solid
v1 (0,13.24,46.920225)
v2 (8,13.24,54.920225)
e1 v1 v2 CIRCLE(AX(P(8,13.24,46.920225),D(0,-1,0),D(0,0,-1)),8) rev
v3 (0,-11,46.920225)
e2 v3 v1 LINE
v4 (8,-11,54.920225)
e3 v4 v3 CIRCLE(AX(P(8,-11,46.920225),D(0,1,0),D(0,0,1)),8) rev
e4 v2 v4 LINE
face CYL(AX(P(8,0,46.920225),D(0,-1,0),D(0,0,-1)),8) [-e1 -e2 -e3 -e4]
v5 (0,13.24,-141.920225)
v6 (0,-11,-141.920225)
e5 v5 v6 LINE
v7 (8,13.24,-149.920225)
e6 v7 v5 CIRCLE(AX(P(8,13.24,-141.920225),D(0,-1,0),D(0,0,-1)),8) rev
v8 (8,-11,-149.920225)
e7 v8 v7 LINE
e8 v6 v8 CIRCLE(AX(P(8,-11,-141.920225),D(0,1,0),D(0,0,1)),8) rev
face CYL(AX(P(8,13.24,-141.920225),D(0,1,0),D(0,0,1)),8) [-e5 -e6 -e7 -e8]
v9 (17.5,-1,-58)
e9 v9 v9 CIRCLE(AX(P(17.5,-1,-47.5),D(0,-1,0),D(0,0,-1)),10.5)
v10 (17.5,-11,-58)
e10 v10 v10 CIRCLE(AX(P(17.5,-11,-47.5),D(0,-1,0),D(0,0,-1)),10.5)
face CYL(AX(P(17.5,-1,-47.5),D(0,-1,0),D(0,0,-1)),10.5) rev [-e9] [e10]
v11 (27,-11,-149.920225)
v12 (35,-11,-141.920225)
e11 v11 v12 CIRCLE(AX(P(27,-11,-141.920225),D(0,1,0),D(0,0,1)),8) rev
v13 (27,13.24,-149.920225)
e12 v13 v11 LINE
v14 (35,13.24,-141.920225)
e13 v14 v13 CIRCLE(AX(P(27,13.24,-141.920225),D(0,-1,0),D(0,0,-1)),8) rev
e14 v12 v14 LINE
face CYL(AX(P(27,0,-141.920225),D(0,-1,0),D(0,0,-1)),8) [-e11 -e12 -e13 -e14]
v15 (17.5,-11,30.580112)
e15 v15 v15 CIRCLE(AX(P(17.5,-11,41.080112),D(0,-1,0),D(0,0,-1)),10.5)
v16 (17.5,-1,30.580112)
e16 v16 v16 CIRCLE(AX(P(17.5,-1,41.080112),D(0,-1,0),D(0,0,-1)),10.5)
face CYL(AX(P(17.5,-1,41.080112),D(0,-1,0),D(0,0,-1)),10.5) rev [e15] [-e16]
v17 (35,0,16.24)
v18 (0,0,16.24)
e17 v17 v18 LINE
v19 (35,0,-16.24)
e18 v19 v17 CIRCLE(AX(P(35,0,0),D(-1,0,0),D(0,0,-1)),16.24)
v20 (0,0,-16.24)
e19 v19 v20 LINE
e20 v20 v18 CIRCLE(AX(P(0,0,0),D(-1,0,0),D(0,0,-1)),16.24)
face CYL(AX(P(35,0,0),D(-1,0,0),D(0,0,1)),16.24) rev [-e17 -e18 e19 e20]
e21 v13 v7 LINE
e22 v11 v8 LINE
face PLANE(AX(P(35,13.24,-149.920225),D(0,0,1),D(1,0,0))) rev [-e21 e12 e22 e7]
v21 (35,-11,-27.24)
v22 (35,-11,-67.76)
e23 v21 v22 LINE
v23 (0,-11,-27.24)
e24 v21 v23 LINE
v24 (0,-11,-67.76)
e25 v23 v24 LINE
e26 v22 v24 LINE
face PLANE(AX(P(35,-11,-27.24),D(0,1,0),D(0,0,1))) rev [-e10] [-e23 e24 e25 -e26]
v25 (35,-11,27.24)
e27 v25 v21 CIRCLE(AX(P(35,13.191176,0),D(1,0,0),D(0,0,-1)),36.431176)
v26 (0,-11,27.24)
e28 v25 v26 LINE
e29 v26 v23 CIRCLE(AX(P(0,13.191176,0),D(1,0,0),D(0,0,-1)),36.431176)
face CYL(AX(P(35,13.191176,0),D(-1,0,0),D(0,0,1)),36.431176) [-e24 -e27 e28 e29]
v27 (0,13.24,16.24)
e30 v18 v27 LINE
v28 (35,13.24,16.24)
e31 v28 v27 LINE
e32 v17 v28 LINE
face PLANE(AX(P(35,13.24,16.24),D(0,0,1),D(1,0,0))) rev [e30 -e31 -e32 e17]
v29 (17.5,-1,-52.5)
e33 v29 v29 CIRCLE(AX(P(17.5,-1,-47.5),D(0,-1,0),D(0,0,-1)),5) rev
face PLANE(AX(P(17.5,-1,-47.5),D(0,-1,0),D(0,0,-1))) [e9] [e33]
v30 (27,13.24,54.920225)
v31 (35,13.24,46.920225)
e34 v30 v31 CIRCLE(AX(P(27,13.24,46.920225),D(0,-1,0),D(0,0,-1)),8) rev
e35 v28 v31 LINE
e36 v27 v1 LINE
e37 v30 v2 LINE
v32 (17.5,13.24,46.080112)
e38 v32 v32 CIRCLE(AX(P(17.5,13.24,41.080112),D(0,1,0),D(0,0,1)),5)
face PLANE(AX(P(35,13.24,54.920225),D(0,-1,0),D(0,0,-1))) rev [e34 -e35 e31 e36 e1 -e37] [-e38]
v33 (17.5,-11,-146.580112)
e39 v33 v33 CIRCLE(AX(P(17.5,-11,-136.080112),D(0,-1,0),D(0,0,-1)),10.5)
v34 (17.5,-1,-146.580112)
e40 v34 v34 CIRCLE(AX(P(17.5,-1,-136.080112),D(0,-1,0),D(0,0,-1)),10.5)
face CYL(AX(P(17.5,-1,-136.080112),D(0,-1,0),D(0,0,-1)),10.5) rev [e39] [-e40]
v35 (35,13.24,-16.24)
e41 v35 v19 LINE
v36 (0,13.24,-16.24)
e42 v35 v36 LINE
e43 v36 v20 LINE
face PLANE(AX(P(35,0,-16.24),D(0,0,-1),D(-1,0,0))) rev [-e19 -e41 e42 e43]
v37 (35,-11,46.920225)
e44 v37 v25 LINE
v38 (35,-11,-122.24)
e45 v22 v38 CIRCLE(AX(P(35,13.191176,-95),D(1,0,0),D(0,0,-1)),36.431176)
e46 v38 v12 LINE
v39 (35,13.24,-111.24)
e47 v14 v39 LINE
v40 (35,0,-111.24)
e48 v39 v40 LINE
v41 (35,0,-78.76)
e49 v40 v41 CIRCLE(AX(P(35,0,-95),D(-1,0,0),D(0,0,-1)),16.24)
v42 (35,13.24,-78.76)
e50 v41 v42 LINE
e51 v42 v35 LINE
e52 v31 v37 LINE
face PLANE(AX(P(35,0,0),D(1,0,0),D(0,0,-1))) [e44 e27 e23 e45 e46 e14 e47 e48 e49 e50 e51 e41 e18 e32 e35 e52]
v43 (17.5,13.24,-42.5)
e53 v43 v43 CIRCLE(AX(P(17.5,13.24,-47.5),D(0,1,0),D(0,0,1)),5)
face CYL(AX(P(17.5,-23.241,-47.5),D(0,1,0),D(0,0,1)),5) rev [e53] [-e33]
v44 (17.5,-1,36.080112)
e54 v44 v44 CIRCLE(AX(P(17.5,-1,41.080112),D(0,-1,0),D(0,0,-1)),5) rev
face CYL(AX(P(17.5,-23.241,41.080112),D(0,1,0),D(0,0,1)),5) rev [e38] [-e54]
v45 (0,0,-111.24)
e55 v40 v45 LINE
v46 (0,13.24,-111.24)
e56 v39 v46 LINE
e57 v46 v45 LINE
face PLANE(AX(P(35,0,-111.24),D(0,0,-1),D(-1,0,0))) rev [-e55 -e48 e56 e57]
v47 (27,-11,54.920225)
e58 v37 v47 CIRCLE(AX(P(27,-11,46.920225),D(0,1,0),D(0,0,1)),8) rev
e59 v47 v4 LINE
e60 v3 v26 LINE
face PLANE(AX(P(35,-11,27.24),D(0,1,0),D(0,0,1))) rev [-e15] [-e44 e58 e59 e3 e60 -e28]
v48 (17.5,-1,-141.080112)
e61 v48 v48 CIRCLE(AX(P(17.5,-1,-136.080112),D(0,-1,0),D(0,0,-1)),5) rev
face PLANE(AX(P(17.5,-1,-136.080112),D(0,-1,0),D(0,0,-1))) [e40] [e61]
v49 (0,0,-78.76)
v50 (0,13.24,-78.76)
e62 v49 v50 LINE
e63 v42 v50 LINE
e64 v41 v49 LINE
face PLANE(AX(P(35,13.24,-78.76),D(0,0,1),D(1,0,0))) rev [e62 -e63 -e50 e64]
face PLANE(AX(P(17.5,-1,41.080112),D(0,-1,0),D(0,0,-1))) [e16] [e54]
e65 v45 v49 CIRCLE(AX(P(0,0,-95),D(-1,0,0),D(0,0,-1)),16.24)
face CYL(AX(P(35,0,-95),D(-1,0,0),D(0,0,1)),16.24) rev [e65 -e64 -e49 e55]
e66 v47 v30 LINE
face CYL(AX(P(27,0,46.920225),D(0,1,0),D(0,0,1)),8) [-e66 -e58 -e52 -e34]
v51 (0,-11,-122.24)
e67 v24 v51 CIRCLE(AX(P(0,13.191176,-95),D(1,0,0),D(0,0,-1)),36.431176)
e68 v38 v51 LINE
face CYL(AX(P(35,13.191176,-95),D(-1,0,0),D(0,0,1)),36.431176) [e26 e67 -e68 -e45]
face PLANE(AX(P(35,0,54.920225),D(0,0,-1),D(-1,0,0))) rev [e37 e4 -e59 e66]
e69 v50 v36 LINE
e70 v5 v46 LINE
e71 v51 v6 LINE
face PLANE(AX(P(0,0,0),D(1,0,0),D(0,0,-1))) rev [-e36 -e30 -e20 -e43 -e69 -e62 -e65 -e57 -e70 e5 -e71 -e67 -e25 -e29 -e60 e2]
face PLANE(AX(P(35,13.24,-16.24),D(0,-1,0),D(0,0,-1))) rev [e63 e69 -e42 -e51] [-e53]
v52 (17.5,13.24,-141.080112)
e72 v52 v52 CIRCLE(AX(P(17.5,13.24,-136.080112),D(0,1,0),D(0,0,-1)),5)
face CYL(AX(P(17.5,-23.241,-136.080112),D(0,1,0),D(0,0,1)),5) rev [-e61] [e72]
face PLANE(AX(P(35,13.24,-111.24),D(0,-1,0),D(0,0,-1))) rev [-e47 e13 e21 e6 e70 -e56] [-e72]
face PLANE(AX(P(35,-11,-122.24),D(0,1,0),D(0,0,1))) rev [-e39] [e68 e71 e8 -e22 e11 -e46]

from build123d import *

# Parameters (mm, degrees)
BOSS_EXTRUDE1_DEPTH = 35
CUT_EXTRUDE1_REACH  = 160.215
SKETCH3_R           = 5
SKETCH4_R           = 10.5
CUT_EXTRUDE2_DEPTH  = 10
FILLET1_R           = 8


with BuildPart() as part:
    # Sketch2 → Boss-Extrude1 (new body)
    with BuildSketch(Plane(origin=(0, 0, 0), x_dir=(0, 0, -1), z_dir=(1, 0, 0))):
        with BuildLine():
            Line((-27.24, -11), (-54.920224718, -11))
            Line((-54.920224718, -11), (-54.920224718, 0))
            Line((-54.920224718, 0), (-54.920224718, 13.24))
            Line((-54.920224718, 13.24), (-16.24, 13.24))
            Line((-16.24, 13.24), (-16.24, 0))
            ThreePointArc((-16.24, 0), (0, -16.24), (16.24, 0))
            Line((16.24, 0), (16.24, 13.24))
            Line((16.24, 13.24), (78.76, 13.24))
            Line((78.76, 13.24), (78.76, 0))
            ThreePointArc((78.76, 0), (95, -16.24), (111.24, 0))
            Line((111.24, 0), (111.24, 13.24))
            Line((111.24, 13.24), (149.920224718, 13.24))
            Line((149.920224718, 13.24), (149.920224718, 0))
            Line((149.920224718, 0), (149.920224718, -11))
            Line((149.920224718, -11), (122.24, -11))
            ThreePointArc((122.24, -11), (95, -23.24), (67.76, -11))
            Line((67.76, -11), (27.24, -11))
            ThreePointArc((27.24, -11), (0, -23.24), (-27.24, -11))
        make_face()
    extrude(amount=BOSS_EXTRUDE1_DEPTH)

    # Sketch3 → Cut-Extrude1 (cut, up to next)
    with BuildSketch(Plane(origin=(0, 13.24, 0), x_dir=(1, 0, 0), z_dir=(0, 1, 0)), mode=Mode.PRIVATE) as cut_extrude1_sk1:
        with Locations(Location((17.5, -41.080112359, 0), (0, 0, 270))):
            Circle(SKETCH3_R)
    cut_extrude1_tool1 = extrude(cut_extrude1_sk1.sketch, amount=-CUT_EXTRUDE1_REACH, mode=Mode.PRIVATE) & part.part
    # Sketch3 → Cut-Extrude1 (cut, up to next)
    with BuildSketch(Plane(origin=(0, 13.24, 0), x_dir=(1, 0, 0), z_dir=(0, 1, 0)), mode=Mode.PRIVATE) as cut_extrude1_sk2:
        with Locations(Location((17.5, 136.080112359, 0), (0, 0, 270))):
            Circle(SKETCH3_R)
    cut_extrude1_tool2 = extrude(cut_extrude1_sk2.sketch, amount=-CUT_EXTRUDE1_REACH, mode=Mode.PRIVATE) & part.part
    # Sketch3 → Cut-Extrude1 (cut, up to next)
    with BuildSketch(Plane(origin=(0, 13.24, 0), x_dir=(1, 0, 0), z_dir=(0, 1, 0)), mode=Mode.PRIVATE) as cut_extrude1_sk3:
        with Locations(Location((17.5, 47.5, 0), (0, 0, 270))):
            Circle(SKETCH3_R)
    cut_extrude1_tool3 = extrude(cut_extrude1_sk3.sketch, amount=-CUT_EXTRUDE1_REACH, mode=Mode.PRIVATE) & part.part
    add(cut_extrude1_tool1.solids().sort_by_distance((17.5, 13.24, 41.080112))[0], mode=Mode.SUBTRACT)
    add(cut_extrude1_tool2.solids().sort_by_distance((17.5, 13.24, -136.080112))[0], mode=Mode.SUBTRACT)
    add(cut_extrude1_tool3.solids().sort_by_distance((17.5, 13.24, -47.5))[0], mode=Mode.SUBTRACT)

    # Sketch4 → Cut-Extrude2 (cut)
    with BuildSketch(Plane.XZ.offset(11)):
        with Locations(Location((17.5, -47.5, 0), (0, 0, 270))):
            Circle(SKETCH4_R)
        with Locations(Location((17.5, -136.080112359, 0), (0, 0, 270))):
            Circle(SKETCH4_R)
        with Locations(Location((17.5, 41.080112359, 0), (0, 0, 270))):
            Circle(SKETCH4_R)
    extrude(amount=-CUT_EXTRUDE2_DEPTH, mode=Mode.SUBTRACT)

    # Fillet1
    fillet1_edges = [part.edges().sort_by_distance(p)[0] for p in [
        (35, 1.12, 54.920224718),
        (0, 1.12, -149.920224718),
        (0, 1.12, 54.920224718),
        (35, 1.12, -149.920224718),
    ]]
    fillet(fillet1_edges, radius=FILLET1_R)


solid = part.part
